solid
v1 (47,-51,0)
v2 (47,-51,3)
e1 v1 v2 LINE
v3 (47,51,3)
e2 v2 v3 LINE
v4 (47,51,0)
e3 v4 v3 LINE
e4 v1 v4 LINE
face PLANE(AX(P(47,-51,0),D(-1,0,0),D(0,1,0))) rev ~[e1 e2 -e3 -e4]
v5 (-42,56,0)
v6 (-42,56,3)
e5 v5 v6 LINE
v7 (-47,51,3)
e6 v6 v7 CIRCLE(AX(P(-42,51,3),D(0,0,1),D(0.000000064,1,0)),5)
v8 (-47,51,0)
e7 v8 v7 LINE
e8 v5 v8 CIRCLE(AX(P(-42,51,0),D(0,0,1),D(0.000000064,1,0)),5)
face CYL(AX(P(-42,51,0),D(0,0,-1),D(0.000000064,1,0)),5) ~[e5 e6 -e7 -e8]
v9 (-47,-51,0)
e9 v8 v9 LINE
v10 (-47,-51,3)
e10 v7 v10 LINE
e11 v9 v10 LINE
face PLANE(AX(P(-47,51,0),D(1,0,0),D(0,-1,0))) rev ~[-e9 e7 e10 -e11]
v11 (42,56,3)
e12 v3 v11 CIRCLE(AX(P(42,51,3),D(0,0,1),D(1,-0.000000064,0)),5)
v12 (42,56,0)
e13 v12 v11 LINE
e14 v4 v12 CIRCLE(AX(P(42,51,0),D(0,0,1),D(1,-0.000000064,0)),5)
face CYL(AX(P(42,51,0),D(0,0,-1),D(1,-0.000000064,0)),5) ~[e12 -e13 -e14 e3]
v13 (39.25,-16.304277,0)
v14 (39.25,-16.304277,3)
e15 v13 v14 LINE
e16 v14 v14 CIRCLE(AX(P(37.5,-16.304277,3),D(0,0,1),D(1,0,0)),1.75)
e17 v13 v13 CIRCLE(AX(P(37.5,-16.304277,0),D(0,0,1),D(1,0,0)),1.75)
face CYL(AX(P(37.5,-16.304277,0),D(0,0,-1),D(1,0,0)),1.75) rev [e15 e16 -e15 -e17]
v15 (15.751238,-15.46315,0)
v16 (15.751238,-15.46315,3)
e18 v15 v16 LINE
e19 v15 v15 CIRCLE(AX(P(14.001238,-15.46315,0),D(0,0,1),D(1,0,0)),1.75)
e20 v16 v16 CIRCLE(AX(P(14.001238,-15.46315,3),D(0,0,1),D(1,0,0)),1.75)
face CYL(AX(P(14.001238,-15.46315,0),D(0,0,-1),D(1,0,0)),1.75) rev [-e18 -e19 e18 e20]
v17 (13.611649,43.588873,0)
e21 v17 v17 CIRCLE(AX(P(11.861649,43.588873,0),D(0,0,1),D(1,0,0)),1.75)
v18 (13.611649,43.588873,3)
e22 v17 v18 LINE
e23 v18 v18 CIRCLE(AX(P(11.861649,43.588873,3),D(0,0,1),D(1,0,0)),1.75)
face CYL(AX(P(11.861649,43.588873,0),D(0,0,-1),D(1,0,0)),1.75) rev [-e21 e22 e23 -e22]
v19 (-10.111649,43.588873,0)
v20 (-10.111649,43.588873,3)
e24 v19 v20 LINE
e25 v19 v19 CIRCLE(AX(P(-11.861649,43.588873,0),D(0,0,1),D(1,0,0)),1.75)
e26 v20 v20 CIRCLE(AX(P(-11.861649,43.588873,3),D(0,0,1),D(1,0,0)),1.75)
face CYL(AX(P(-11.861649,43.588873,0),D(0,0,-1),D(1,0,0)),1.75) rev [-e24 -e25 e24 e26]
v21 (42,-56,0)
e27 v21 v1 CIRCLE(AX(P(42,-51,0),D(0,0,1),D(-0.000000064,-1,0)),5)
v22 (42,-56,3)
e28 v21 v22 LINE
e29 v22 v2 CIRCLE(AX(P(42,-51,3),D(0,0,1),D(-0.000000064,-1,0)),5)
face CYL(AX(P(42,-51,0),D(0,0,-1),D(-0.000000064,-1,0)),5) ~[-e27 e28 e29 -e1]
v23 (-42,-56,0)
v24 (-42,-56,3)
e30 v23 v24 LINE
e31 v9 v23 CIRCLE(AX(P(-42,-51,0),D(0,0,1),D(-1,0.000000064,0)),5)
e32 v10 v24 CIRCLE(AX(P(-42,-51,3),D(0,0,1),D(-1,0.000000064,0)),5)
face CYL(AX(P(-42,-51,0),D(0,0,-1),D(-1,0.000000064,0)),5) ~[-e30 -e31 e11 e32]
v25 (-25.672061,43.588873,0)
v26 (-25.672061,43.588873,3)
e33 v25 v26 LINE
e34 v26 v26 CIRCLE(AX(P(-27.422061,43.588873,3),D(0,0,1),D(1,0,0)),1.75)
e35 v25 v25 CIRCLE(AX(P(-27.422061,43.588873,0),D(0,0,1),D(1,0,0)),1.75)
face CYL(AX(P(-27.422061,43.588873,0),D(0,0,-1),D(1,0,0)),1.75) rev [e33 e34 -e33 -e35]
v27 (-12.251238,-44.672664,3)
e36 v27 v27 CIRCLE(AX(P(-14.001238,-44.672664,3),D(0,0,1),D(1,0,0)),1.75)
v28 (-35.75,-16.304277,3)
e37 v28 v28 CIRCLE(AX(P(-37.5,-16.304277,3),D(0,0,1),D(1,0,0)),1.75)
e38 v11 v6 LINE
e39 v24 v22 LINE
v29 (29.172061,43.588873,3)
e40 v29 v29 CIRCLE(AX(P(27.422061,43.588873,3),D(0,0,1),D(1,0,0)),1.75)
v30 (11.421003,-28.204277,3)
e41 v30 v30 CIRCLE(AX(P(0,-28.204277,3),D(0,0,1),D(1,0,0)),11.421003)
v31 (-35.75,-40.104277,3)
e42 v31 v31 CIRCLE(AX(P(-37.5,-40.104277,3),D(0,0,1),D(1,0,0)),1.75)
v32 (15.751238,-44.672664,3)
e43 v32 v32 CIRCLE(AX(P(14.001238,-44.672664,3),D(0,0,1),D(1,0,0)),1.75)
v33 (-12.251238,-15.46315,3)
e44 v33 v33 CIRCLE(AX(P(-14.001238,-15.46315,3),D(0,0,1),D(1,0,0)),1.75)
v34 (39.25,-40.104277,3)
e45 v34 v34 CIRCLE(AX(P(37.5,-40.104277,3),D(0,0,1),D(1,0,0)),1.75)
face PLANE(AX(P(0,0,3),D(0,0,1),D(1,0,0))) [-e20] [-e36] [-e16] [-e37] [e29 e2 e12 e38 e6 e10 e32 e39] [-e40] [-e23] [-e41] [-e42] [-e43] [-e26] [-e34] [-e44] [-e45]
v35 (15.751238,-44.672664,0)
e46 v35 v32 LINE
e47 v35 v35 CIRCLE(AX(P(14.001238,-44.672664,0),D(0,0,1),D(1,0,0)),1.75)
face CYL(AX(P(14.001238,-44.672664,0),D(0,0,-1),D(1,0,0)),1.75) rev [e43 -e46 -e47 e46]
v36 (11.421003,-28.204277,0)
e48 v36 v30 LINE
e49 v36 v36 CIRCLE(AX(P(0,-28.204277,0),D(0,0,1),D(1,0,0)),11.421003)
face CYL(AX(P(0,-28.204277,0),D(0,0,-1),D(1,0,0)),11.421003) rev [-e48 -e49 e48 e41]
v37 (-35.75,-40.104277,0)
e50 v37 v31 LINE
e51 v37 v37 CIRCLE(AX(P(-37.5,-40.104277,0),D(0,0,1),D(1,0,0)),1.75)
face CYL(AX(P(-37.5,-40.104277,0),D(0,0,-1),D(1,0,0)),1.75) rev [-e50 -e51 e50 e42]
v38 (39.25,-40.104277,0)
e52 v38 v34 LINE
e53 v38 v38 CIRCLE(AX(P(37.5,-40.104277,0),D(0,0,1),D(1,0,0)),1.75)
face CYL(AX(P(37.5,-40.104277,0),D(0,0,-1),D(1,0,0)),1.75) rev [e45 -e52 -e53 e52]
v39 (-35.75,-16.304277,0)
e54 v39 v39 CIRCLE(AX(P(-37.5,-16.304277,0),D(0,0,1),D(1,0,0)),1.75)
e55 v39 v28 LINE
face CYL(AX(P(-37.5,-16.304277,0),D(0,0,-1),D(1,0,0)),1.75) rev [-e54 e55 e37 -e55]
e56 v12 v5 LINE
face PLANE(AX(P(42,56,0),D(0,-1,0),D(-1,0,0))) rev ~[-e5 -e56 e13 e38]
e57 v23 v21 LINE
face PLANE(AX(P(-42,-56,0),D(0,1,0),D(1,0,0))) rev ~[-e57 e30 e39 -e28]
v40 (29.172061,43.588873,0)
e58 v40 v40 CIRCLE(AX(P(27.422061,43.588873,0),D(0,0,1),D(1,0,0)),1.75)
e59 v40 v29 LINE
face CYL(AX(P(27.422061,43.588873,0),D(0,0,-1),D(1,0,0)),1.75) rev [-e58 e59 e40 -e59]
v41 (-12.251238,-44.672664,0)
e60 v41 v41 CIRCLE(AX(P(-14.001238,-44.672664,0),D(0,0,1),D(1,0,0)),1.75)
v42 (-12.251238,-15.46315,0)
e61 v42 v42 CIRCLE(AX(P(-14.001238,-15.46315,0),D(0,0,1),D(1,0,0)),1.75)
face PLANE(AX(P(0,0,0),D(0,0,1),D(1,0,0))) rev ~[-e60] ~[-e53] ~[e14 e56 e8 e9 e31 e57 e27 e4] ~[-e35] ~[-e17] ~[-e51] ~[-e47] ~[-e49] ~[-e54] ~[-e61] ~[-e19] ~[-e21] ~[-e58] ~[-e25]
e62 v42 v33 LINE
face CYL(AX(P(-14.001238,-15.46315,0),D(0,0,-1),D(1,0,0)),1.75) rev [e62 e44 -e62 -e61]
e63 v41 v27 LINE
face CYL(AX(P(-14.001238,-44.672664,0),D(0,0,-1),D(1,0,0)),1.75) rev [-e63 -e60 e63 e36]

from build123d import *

# Parameters (mm, degrees)
F0_R     = 1.75
F0_R_2   = 11.421003
F1_DEPTH = 3


with BuildPart() as f1:
    # F0 (on Top) → F1 (new body)
    with BuildSketch(Plane.XY):
        with BuildLine():
            Line((-42, -56), (42, -56))
            ThreePointArc((42, -56), (45.535534, -54.535534), (47, -51))
            Line((47, -51), (47, 51))
            ThreePointArc((47, 51), (45.535534, 54.535534), (42, 56))
            Line((42, 56), (-42, 56))
            ThreePointArc((-42, 56), (-45.535534, 54.535534), (-47, 51))
            Line((-47, 51), (-47, -51))
            ThreePointArc((-47, -51), (-45.535534, -54.535534), (-42, -56))
        make_face()
        with Locations((-37.5, -40.104277)):
            Circle(F0_R, mode=Mode.SUBTRACT)
        with Locations((-14.001238, -44.672664)):
            Circle(F0_R, mode=Mode.SUBTRACT)
        with Locations((-37.5, -16.304277)):
            Circle(F0_R, mode=Mode.SUBTRACT)
        with Locations((-14.001238, -15.46315)):
            Circle(F0_R, mode=Mode.SUBTRACT)
        with Locations((14.001238, -44.672664)):
            Circle(F0_R, mode=Mode.SUBTRACT)
        with Locations((0, -28.204277)):
            Circle(F0_R_2, mode=Mode.SUBTRACT)
        with Locations((37.5, -40.104277)):
            Circle(F0_R, mode=Mode.SUBTRACT)
        with Locations((14.001238, -15.46315)):
            Circle(F0_R, mode=Mode.SUBTRACT)
        with Locations((37.5, -16.304277)):
            Circle(F0_R, mode=Mode.SUBTRACT)
        with Locations((-27.422061, 43.588873)):
            Circle(F0_R, mode=Mode.SUBTRACT)
        with Locations((-11.861649, 43.588873)):
            Circle(F0_R, mode=Mode.SUBTRACT)
        with Locations((11.861649, 43.588873)):
            Circle(F0_R, mode=Mode.SUBTRACT)
        with Locations((27.422061, 43.588873)):
            Circle(F0_R, mode=Mode.SUBTRACT)
    extrude(amount=F1_DEPTH)


solid = f1.part
